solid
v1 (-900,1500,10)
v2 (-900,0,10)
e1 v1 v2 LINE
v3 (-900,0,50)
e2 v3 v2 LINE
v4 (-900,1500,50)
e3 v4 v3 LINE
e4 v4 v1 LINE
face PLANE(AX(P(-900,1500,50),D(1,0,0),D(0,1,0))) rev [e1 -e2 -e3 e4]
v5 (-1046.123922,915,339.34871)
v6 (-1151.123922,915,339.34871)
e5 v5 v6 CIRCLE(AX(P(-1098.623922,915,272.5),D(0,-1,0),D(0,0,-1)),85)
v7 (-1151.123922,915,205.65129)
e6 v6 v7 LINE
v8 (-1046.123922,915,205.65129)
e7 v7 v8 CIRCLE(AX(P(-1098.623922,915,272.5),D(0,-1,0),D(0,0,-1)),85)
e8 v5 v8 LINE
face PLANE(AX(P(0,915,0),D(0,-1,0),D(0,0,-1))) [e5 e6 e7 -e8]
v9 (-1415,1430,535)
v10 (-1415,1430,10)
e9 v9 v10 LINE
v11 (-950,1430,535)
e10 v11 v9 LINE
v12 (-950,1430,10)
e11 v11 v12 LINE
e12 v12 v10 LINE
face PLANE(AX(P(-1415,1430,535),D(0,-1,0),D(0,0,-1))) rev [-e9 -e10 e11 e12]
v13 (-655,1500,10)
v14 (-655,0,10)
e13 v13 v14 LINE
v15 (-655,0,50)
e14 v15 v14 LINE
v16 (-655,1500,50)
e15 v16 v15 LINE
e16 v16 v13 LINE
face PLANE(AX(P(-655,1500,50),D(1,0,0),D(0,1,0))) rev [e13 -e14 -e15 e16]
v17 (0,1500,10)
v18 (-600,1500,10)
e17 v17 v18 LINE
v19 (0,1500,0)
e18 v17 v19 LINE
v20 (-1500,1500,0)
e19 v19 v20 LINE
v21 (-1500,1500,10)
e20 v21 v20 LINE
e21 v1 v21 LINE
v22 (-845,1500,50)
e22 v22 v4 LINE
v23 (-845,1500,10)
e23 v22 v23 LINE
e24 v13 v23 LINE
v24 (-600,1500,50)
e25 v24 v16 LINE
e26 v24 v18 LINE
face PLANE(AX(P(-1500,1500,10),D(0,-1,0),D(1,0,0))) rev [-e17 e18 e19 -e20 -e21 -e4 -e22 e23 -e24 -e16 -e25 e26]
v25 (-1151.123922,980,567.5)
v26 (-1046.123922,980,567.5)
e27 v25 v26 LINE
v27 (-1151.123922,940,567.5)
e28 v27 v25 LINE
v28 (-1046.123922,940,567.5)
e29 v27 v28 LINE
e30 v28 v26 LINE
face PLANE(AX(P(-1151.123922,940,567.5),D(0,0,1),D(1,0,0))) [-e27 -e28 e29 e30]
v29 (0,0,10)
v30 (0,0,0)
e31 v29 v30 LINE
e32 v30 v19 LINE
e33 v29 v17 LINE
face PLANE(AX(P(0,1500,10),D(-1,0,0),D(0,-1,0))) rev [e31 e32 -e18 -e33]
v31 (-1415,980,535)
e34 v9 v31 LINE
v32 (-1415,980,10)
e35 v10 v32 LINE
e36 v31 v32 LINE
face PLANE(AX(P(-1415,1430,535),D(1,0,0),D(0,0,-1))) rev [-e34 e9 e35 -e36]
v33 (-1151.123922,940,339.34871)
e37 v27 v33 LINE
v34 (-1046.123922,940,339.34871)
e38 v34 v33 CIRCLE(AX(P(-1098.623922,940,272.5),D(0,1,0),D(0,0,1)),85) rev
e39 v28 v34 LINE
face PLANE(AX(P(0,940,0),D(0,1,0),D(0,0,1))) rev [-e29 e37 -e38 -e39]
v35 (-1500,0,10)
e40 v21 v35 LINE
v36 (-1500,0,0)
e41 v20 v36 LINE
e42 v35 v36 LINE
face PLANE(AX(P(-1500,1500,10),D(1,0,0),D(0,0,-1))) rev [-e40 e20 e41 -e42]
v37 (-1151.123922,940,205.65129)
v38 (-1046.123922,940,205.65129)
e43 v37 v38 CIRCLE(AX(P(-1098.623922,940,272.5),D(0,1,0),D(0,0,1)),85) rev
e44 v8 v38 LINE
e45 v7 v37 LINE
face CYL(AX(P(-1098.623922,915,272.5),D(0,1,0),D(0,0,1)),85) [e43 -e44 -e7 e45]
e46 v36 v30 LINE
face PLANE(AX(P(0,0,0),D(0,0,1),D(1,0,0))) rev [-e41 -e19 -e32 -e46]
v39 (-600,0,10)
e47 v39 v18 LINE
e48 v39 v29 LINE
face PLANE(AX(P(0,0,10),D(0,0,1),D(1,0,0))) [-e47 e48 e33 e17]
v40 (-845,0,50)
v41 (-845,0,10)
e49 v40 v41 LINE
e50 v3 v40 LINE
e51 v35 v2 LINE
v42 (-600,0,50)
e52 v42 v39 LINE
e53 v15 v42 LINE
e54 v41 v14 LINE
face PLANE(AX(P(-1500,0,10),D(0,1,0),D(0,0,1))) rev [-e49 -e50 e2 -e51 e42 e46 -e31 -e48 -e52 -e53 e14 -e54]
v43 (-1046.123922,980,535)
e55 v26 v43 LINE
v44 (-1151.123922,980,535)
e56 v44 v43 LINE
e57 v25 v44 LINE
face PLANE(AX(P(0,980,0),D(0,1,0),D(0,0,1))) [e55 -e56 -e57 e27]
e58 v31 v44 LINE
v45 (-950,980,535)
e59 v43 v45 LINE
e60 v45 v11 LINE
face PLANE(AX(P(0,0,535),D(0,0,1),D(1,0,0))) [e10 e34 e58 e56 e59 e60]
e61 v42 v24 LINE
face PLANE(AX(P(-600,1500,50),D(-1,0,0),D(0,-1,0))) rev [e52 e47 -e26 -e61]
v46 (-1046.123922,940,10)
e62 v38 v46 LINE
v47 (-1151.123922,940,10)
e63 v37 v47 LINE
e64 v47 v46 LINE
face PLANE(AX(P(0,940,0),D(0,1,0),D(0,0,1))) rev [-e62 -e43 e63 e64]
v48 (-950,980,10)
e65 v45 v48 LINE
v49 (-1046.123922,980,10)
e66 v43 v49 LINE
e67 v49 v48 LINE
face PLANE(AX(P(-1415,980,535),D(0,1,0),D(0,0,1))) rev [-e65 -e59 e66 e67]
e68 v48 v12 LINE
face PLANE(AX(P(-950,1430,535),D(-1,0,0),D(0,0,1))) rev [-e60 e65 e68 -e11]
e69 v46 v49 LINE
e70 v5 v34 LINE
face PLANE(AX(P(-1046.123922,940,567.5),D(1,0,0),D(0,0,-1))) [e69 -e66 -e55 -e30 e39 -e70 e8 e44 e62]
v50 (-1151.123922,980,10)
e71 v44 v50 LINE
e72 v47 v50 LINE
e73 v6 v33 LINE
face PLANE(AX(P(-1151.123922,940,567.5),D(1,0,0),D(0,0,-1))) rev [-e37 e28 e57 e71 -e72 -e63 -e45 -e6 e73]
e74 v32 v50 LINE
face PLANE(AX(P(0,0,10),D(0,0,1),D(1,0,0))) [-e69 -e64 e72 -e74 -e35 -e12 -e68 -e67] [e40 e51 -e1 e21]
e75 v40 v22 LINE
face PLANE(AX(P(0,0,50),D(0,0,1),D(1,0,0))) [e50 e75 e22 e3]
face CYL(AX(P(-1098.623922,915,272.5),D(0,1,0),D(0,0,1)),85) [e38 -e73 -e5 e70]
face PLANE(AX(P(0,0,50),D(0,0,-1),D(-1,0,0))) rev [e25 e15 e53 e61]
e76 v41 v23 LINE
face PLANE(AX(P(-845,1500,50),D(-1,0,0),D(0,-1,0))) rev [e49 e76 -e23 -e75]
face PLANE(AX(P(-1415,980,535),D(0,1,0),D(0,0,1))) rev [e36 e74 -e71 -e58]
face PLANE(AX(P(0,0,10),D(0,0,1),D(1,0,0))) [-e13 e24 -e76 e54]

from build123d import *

# Parameters (mm, degrees)
SKETCH1_W           = 1500
SKETCH1_H           = 1500
BOSS_EXTRUDE1_DEPTH = 10
SKETCH2_W           = 465
SKETCH2_H           = 450
BOSS_EXTRUDE2_DEPTH = 525
SKETCH3_W           = 105
SKETCH3_H           = 557.5
BOSS_EXTRUDE3_DEPTH = 40
BOSS_EXTRUDE4_DEPTH = 65
SKETCH4_W           = 55
SKETCH4_H           = 1500
BOSS_EXTRUDE5_DEPTH = 40


with BuildPart() as part:
    # Sketch1 → Boss-Extrude1 (new body)
    with BuildSketch(Plane.XY):
        with Locations((-750, 750)):
            Rectangle(SKETCH1_W, SKETCH1_H)
    extrude(amount=BOSS_EXTRUDE1_DEPTH)

    # Sketch2 → Boss-Extrude2 (add)
    with BuildSketch(Plane.XY.offset(10)):
        with Locations((-1182.5, 1205)):
            Rectangle(SKETCH2_W, SKETCH2_H)
    extrude(amount=BOSS_EXTRUDE2_DEPTH)

    # Sketch3 → Boss-Extrude3 (add)
    with BuildSketch(Plane.XZ.offset(-980)):
        with Locations((-1098.62392171, 288.75)):
            Rectangle(SKETCH3_W, SKETCH3_H)
    extrude(amount=BOSS_EXTRUDE3_DEPTH)

    # Sketch3<3> → Boss-Extrude4 (add)
    with BuildSketch(Plane.XZ.offset(-980)):
        with BuildLine():
            ThreePointArc((-1046.12392171, 339.348709786), (-1098.62392171, 357.5), (-1151.12392171, 339.348709786))
            Line((-1151.12392171, 339.348709786), (-1151.12392171, 205.651290214))
            ThreePointArc((-1151.12392171, 205.651290214), (-1098.62392171, 187.5), (-1046.12392171, 205.651290214))
            Line((-1046.12392171, 205.651290214), (-1046.12392171, 339.348709786))
        make_face()
    extrude(amount=BOSS_EXTRUDE4_DEPTH)

    # Sketch4 → Boss-Extrude5 (add)
    with BuildSketch(Plane.XY.offset(10)):
        with Locations((-872.5, 750)):
            Rectangle(SKETCH4_W, SKETCH4_H)
        with Locations((-627.5, 750)):
            Rectangle(SKETCH4_W, SKETCH4_H)
    extrude(amount=BOSS_EXTRUDE5_DEPTH)


solid = part.part
